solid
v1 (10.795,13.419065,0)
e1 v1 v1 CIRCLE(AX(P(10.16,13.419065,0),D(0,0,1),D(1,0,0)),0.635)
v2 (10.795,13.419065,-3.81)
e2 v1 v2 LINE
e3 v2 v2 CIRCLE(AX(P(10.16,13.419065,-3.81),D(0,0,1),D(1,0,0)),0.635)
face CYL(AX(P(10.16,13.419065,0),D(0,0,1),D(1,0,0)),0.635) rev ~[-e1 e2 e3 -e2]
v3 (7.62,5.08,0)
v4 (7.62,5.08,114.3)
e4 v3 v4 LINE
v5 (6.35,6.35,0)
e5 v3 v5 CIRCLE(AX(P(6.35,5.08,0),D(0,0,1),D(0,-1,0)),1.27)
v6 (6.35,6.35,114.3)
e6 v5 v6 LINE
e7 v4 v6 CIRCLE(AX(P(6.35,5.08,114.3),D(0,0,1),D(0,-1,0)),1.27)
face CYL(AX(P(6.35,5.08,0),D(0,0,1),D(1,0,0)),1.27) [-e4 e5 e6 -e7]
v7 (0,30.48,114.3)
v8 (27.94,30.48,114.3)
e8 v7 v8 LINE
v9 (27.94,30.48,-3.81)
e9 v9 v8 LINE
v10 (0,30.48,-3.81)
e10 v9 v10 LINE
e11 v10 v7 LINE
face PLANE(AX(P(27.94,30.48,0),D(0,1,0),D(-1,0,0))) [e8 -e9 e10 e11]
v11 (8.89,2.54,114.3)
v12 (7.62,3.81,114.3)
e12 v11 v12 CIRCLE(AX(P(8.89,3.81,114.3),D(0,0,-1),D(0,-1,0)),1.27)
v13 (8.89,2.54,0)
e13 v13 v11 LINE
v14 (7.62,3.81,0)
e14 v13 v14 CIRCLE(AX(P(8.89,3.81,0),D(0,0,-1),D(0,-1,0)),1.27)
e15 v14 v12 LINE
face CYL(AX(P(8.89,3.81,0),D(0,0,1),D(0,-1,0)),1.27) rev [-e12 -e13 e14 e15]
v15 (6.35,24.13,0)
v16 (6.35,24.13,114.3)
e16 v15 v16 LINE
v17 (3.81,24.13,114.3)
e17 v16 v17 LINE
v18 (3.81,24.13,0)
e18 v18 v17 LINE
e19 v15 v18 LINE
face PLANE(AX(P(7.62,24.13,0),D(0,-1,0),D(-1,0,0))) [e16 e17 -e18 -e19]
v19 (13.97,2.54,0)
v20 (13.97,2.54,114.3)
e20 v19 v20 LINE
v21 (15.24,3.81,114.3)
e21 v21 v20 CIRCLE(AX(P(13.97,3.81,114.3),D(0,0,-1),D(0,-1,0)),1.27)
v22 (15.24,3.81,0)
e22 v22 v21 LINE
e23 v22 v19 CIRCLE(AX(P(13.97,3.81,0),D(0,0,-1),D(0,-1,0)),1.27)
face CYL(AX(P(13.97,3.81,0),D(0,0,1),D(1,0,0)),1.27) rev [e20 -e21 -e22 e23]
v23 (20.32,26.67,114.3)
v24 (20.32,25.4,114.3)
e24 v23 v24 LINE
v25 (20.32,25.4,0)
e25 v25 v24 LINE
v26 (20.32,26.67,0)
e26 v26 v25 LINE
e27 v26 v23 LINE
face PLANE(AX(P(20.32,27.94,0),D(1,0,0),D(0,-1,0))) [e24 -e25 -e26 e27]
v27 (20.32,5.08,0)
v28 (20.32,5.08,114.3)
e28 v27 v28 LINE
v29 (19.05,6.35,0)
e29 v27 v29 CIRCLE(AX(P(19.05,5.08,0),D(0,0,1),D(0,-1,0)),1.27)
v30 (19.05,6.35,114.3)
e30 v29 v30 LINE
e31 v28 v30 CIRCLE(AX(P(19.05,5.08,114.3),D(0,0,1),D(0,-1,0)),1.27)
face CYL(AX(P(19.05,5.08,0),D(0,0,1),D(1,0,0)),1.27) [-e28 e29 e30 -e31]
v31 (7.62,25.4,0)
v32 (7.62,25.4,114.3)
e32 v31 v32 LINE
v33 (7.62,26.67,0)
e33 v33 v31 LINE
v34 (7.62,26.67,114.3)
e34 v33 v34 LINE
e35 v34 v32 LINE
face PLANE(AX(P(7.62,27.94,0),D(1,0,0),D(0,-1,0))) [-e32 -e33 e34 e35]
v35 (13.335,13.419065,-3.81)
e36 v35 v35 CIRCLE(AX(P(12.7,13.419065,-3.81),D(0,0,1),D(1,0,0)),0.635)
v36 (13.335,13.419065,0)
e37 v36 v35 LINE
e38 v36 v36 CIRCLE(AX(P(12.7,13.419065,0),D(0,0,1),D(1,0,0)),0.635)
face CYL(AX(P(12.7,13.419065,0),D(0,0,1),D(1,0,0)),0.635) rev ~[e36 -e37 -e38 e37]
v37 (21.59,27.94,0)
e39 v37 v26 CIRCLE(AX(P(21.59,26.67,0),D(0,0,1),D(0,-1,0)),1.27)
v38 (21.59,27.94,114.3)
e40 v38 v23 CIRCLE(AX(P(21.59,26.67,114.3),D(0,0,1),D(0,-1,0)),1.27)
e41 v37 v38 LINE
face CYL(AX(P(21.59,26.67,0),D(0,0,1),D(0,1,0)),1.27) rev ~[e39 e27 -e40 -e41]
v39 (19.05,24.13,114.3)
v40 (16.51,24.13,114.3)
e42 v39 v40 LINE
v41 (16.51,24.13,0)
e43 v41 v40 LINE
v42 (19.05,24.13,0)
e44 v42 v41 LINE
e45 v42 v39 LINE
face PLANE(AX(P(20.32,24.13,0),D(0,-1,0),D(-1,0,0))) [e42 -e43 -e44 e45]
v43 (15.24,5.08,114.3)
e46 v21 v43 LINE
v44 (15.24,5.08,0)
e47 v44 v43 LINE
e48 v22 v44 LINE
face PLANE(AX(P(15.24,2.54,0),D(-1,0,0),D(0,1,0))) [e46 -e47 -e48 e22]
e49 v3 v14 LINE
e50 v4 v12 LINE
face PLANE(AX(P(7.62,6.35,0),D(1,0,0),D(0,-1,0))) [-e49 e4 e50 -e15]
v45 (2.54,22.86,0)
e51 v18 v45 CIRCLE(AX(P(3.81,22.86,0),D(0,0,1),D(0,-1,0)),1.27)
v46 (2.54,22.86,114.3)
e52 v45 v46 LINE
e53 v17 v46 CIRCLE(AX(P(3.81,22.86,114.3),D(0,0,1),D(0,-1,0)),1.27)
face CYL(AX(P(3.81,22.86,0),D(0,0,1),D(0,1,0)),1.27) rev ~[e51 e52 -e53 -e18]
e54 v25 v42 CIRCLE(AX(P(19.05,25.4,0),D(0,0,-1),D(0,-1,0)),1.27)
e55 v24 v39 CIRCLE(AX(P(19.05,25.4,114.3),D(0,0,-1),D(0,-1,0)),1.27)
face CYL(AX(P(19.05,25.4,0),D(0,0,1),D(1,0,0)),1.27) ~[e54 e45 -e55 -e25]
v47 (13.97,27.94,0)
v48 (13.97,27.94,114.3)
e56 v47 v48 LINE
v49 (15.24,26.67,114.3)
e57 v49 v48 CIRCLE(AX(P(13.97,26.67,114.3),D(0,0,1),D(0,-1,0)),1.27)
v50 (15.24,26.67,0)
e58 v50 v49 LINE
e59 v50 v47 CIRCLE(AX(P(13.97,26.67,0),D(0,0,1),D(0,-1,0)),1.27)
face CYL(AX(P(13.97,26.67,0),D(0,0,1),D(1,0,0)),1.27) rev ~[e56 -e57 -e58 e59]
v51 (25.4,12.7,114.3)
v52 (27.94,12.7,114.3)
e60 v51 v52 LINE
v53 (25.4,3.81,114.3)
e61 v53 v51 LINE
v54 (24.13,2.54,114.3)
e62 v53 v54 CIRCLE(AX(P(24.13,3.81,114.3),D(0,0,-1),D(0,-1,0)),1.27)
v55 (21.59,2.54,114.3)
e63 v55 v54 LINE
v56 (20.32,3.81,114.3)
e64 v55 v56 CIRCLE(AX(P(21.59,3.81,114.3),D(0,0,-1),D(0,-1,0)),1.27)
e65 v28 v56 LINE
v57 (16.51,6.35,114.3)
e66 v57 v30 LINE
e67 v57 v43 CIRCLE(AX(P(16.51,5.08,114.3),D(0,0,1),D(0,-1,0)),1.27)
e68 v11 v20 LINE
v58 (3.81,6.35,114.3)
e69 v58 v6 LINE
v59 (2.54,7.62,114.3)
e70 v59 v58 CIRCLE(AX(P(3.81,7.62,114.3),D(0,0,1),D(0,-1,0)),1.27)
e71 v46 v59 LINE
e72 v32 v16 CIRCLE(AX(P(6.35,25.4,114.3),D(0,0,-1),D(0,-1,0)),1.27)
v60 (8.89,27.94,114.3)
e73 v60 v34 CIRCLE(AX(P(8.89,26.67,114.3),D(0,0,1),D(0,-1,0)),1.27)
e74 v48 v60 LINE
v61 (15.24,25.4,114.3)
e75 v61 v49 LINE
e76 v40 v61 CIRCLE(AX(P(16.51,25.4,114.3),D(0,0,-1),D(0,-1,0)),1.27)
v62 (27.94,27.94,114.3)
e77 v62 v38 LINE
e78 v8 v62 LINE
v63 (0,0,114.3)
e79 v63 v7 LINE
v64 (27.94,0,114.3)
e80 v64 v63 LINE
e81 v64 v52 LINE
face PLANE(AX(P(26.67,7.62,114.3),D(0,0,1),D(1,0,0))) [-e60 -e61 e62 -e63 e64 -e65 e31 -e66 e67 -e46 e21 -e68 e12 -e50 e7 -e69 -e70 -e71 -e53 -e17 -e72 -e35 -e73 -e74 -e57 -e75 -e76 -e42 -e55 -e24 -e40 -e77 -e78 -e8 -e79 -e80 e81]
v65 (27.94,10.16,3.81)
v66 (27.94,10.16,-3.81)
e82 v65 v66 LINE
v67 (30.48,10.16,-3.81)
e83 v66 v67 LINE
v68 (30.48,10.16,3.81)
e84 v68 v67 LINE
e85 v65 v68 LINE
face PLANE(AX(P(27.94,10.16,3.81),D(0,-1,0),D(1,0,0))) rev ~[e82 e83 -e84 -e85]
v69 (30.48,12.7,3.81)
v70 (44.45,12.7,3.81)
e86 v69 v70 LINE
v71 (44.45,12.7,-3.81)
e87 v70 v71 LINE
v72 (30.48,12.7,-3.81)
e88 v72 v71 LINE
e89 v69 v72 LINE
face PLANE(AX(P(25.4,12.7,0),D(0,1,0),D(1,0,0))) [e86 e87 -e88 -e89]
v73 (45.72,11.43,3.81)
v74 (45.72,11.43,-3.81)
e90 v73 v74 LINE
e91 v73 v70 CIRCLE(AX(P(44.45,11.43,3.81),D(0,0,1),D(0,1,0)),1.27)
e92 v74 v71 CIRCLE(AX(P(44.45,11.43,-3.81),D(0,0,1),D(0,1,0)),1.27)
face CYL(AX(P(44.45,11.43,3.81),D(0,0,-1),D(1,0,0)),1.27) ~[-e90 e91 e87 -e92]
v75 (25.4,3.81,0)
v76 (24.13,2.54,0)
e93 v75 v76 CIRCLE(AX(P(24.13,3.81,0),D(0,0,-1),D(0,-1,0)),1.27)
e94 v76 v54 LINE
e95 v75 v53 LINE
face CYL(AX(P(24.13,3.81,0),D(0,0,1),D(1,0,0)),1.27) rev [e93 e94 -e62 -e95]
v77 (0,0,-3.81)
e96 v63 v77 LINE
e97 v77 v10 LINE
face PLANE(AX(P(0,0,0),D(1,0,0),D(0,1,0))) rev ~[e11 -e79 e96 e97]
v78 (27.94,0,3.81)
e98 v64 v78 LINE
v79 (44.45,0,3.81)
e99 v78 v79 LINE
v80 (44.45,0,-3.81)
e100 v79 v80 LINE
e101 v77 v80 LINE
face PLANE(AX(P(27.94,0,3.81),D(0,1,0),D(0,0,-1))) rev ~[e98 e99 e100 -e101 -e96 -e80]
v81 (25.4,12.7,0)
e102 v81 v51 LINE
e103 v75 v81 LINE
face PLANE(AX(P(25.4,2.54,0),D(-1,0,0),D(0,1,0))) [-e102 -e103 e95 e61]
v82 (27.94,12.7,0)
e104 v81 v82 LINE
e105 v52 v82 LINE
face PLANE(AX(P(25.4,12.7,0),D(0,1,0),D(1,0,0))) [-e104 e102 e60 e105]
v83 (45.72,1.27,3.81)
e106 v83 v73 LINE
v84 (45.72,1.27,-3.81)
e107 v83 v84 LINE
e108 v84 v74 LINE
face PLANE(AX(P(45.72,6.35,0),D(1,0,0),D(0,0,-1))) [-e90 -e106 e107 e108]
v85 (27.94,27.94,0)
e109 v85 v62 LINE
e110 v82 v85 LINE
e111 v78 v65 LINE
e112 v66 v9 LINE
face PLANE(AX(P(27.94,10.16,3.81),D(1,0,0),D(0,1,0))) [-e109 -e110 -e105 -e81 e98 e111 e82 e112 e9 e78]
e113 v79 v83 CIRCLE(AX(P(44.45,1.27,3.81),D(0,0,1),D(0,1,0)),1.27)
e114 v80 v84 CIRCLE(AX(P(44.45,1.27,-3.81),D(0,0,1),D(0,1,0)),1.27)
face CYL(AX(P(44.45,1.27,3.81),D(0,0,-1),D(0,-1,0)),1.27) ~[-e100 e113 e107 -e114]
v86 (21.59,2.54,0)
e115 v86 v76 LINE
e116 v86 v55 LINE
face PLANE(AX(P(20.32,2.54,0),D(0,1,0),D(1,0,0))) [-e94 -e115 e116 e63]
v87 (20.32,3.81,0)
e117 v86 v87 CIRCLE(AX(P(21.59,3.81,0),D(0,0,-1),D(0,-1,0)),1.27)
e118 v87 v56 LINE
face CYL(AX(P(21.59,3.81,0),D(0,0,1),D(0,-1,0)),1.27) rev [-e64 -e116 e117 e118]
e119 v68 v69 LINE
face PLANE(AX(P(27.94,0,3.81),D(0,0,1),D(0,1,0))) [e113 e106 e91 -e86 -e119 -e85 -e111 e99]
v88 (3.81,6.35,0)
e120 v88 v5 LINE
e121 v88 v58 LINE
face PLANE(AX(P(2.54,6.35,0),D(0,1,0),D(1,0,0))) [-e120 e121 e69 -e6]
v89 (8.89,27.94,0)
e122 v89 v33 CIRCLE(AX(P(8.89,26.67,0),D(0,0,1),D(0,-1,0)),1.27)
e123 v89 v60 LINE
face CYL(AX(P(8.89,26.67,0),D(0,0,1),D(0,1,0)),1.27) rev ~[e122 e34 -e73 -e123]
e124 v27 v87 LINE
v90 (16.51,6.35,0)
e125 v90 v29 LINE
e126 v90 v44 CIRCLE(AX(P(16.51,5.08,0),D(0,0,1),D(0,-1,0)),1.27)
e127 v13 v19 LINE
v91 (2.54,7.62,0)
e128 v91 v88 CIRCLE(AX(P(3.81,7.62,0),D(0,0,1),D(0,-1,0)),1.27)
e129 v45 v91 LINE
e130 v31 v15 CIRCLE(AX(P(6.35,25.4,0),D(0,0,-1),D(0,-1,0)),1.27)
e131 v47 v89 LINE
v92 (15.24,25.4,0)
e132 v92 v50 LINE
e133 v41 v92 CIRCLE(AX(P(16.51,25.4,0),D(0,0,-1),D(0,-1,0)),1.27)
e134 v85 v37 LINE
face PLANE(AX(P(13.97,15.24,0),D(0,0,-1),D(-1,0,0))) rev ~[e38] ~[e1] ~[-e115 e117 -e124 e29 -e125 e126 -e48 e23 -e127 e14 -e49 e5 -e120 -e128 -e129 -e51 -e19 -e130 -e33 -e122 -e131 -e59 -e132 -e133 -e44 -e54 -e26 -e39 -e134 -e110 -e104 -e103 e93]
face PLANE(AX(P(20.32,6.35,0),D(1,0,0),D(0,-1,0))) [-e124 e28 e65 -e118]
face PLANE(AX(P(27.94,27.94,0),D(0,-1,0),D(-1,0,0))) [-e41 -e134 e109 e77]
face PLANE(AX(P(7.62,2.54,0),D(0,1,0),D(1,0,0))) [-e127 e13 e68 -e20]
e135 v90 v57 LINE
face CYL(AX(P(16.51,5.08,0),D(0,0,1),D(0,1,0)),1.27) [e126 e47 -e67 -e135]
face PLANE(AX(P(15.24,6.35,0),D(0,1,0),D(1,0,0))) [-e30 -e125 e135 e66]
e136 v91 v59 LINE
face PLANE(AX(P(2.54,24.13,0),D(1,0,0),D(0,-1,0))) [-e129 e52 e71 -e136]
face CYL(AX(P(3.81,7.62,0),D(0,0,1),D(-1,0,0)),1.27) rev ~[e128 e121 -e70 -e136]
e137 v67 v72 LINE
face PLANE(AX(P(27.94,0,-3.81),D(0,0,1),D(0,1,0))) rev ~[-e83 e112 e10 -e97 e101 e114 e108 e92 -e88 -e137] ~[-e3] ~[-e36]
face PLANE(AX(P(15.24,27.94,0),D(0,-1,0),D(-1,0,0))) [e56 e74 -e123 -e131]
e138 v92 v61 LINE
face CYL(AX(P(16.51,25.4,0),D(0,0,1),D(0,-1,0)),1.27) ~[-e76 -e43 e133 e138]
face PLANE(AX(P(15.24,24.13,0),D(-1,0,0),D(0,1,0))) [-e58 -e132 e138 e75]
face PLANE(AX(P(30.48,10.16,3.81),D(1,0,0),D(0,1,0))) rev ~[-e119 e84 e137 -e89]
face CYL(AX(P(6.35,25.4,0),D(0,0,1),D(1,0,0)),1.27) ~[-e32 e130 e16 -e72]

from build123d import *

# Parameters (mm, degrees)
BOSS_EXTRUDE1_DEPTH = 114.3
SKETCH6_W           = 27.94
SKETCH6_H           = 30.48
BOSS_EXTRUDE5_DEPTH = 3.81
SKETCH8_W           = 7.62
SKETCH8_H           = 12.7
BOSS_EXTRUDE6_DEPTH = 17.78
SKETCH9_W           = 2.54
SKETCH9_H           = 10.16
BOSS_EXTRUDE7_DEPTH = 114.3
SKETCH10_W          = 2.54
SKETCH10_H          = 2.54
CUT_EXTRUDE2_DEPTH  = 124.399306724
SKETCH11_R          = 0.635
CUT_EXTRUDE3_DEPTH  = 127.822075365
FILLET3_R           = 1.27
FILLET4_R           = 1.27


with BuildPart() as part:
    # Sketch1 → Boss-Extrude1 (new body)
    with BuildSketch(Plane.XY):
        Polygon((27.94, 30.48), (27.94, 27.94), (20.32, 27.94), (20.32, 24.13), (15.24, 24.13), (15.24, 27.94), (7.62, 27.94), (7.62, 24.13), (2.54, 24.13), (2.54, 6.35), (7.62, 6.35), (7.62, 2.54), (15.24, 2.54), (15.24, 6.35), (20.32, 6.35), (20.32, 2.54), (27.94, 2.54), (27.94, 0), (0, 0), (0, 30.48), align=None)
    extrude(amount=BOSS_EXTRUDE1_DEPTH)

    # Sketch6 → Boss-Extrude5 (add)
    with BuildSketch(Plane(origin=(0, 0, 0), x_dir=(-1, 0, 0), z_dir=(0, 0, -1))):
        with Locations((-13.97, 15.24)):
            Rectangle(SKETCH6_W, SKETCH6_H)
    extrude(amount=BOSS_EXTRUDE5_DEPTH)

    # Sketch8 → Boss-Extrude6 (add)
    with BuildSketch(Plane(origin=(27.94, 0, 0), x_dir=(0, 0, -1), z_dir=(1, 0, 0))):
        with Locations((0, 6.35)):
            Rectangle(SKETCH8_W, SKETCH8_H)
    extrude(amount=BOSS_EXTRUDE6_DEPTH)

    # Sketch9 → Boss-Extrude7 (add, through all)
    with BuildSketch(Plane.XY):
        with Locations((26.67, 7.62)):
            Rectangle(SKETCH9_W, SKETCH9_H)
    extrude(amount=BOSS_EXTRUDE7_DEPTH)

    # Sketch10 → Cut-Extrude2 (cut, through all)
    with BuildSketch(Plane.XY.offset(3.81)):
        with Locations((29.21, 11.43)):
            Rectangle(SKETCH10_W, SKETCH10_H)
    extrude(amount=-CUT_EXTRUDE2_DEPTH, mode=Mode.SUBTRACT)

    # Sketch11 → Cut-Extrude3 (cut, through all)
    with BuildSketch(Plane.XY):
        with Locations((10.16, 13.41906471)):
            Circle(SKETCH11_R)
        with Locations((12.7, 13.41906471)):
            Circle(SKETCH11_R)
    extrude(amount=-CUT_EXTRUDE3_DEPTH, mode=Mode.SUBTRACT)

    # Fillet3
    fillet3_edges = [part.edges().sort_by_distance(p)[0] for p in [
        (20.32, 27.94, 57.15),
        (20.32, 24.13, 57.15),
        (15.24, 24.13, 57.15),
        (15.24, 27.94, 57.15),
        (7.62, 27.94, 57.15),
        (7.62, 24.13, 57.15),
        (2.54, 24.13, 57.15),
        (2.54, 6.35, 57.15),
        (7.62, 6.35, 57.15),
        (7.62, 2.54, 57.15),
        (15.24, 2.54, 57.15),
        (15.24, 6.35, 57.15),
        (20.32, 6.35, 57.15),
        (20.32, 2.54, 57.15),
        (25.4, 2.54, 57.15),
    ]]
    fillet(fillet3_edges, radius=FILLET3_R)

    # Fillet4
    fillet4_edges = [part.edges().sort_by_distance(p)[0] for p in [
        (45.72, 0, 0),
        (45.72, 12.7, 0),
    ]]
    fillet(fillet4_edges, radius=FILLET4_R)


solid = part.part
